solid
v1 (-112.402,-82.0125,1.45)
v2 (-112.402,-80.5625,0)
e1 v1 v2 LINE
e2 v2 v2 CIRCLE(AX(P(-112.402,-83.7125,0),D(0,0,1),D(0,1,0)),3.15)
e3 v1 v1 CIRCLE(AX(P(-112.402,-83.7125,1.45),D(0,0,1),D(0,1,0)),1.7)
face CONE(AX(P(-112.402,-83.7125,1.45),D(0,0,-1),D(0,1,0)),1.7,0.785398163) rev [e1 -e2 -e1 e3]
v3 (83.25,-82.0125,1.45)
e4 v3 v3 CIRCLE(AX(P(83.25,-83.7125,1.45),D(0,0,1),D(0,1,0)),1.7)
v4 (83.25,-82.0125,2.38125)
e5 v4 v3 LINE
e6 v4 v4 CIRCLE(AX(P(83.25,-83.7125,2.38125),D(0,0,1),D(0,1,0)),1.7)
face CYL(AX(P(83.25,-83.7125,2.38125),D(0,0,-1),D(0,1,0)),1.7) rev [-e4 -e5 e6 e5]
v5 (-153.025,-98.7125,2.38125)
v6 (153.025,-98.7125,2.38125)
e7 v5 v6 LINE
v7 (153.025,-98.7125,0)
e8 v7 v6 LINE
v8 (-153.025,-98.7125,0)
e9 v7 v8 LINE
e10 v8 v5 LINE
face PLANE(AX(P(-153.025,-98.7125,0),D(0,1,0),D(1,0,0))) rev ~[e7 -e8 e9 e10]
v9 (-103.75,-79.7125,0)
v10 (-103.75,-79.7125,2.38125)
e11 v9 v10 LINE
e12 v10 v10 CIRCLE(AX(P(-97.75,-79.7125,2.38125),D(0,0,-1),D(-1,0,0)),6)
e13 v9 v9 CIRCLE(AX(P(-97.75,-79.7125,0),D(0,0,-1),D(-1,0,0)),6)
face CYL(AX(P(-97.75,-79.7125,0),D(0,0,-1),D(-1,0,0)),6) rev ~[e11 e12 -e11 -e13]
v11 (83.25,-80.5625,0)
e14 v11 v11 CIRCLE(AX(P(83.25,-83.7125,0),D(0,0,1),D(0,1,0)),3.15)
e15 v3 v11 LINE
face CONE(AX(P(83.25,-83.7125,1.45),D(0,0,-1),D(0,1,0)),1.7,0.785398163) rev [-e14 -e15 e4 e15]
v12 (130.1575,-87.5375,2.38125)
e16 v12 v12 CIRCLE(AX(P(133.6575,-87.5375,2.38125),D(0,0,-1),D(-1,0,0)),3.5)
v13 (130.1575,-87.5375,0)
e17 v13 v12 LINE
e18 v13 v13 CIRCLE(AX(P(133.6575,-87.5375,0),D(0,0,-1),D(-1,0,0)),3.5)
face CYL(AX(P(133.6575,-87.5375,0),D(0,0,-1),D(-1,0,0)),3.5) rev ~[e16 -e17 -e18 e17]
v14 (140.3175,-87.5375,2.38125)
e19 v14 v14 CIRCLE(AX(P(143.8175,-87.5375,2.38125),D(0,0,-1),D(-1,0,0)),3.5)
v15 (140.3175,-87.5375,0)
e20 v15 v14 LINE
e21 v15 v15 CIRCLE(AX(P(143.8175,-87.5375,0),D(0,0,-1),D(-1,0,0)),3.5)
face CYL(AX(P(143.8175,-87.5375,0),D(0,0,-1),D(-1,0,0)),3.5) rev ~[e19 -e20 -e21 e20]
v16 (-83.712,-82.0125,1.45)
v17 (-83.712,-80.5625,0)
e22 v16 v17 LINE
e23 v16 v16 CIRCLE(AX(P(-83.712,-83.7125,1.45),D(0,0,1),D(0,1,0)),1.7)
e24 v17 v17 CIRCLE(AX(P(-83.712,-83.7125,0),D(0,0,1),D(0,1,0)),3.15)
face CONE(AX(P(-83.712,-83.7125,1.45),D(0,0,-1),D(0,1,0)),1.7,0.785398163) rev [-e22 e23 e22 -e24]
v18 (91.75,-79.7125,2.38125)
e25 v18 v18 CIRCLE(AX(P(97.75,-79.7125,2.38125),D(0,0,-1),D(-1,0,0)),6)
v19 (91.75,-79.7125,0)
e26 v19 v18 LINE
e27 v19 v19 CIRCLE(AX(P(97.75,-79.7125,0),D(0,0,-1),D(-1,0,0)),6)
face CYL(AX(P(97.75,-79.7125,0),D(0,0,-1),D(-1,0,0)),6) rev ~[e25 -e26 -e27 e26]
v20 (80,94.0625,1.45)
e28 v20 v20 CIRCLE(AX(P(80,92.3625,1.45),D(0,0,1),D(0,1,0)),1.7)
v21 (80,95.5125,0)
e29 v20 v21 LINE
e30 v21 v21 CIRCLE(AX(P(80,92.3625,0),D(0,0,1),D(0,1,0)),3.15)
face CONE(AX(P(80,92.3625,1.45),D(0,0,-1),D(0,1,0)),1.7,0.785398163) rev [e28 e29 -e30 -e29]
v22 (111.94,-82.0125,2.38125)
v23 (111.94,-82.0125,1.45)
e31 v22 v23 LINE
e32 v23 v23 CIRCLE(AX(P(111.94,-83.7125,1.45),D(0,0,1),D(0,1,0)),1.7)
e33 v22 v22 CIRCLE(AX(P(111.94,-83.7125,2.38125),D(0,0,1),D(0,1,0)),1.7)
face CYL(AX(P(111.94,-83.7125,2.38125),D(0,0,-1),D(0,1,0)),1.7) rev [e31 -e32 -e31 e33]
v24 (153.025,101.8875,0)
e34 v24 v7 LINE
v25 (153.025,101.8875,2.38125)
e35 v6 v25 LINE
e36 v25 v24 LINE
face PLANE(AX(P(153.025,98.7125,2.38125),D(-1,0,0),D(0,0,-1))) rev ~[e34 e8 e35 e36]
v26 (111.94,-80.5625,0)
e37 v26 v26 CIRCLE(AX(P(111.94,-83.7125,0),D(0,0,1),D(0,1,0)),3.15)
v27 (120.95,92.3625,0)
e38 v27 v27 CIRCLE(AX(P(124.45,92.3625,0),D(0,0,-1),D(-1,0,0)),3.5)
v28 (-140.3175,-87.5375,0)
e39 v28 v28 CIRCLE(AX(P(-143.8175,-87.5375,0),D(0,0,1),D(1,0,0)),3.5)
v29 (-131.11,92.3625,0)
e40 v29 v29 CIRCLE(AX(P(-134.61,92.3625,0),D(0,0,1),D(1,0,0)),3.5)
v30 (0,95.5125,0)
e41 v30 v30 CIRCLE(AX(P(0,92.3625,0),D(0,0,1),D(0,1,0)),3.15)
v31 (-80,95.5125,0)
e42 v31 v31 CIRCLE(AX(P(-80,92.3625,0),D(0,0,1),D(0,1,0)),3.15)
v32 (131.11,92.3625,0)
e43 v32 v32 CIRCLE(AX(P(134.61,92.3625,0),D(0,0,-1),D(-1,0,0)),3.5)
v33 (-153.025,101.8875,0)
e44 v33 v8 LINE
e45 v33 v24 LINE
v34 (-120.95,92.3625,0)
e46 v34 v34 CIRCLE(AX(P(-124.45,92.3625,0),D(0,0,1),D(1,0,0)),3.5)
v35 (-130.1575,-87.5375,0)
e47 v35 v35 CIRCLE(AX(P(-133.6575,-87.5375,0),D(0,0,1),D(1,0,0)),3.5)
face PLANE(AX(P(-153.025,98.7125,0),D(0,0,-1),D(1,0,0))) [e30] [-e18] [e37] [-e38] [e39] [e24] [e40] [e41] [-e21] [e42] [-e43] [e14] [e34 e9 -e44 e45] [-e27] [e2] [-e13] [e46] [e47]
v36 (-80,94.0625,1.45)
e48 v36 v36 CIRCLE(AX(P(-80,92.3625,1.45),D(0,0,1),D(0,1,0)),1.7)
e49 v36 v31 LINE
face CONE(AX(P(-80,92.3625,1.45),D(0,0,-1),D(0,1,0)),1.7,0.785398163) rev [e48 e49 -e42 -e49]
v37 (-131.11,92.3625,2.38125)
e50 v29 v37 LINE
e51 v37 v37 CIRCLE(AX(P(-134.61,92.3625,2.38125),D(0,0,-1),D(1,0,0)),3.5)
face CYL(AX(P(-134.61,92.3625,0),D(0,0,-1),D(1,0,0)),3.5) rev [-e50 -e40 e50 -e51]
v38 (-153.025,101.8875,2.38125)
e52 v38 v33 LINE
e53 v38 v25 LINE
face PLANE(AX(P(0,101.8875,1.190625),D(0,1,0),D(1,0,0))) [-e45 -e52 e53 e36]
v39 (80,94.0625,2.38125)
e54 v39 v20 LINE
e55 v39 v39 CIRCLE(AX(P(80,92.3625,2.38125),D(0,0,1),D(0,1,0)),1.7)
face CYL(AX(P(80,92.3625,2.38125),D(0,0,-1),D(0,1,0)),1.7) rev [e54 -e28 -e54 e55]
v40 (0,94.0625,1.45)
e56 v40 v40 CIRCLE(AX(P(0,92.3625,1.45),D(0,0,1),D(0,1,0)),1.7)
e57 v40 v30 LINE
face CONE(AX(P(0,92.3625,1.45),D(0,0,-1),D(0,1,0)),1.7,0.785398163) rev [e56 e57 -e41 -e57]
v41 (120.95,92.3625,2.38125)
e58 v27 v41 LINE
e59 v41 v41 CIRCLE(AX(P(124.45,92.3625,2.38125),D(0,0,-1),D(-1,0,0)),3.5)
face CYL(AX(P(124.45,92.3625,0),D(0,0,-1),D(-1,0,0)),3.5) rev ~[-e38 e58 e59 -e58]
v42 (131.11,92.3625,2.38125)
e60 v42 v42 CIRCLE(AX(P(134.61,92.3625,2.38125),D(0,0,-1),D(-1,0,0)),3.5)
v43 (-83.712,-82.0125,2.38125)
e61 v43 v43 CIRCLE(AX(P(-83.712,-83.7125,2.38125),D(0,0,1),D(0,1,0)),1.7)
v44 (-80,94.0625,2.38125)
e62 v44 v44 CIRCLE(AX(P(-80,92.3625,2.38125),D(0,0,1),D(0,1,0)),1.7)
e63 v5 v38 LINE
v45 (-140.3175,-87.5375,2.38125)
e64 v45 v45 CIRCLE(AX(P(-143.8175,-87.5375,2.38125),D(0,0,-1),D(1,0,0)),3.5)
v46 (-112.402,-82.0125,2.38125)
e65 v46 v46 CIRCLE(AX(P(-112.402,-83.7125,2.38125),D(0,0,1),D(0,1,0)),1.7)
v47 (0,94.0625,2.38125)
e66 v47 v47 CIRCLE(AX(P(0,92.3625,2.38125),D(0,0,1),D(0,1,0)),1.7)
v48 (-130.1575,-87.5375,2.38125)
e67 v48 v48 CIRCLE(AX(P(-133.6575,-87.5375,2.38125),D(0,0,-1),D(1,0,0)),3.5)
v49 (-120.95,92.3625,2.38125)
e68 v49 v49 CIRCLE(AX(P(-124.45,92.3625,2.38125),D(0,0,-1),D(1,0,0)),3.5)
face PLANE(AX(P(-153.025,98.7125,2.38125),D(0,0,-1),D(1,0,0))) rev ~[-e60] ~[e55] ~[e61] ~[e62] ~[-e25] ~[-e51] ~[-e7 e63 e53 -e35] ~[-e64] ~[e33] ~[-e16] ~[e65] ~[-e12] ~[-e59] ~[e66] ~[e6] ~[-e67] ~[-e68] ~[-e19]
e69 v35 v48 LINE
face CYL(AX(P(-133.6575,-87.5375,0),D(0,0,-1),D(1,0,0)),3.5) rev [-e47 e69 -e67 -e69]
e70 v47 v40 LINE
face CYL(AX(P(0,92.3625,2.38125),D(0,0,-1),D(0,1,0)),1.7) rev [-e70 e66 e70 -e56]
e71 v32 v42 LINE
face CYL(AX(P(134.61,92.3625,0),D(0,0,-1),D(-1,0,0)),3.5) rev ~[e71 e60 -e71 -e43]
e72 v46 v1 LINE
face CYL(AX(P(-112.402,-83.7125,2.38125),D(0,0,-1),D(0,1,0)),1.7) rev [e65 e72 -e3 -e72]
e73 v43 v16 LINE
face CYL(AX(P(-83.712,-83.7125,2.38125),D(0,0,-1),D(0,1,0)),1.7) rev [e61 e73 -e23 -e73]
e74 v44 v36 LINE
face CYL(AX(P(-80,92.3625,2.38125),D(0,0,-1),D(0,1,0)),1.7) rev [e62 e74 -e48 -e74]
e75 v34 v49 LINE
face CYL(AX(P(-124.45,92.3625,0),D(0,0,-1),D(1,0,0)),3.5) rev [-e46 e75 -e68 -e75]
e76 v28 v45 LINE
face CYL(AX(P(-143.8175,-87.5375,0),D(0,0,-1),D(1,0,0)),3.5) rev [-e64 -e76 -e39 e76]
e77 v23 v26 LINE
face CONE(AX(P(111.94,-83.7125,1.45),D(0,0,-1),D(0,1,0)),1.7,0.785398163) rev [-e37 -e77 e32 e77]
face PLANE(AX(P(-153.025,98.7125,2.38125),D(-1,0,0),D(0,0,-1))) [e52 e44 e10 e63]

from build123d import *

# Parameters (mm, degrees)
SKETCH1_W                                      = 306.05
SKETCH1_H                                      = 197.425
SKETCH1_R                                      = 10.775
BOSS_EXTRUDE1_DEPTH                            = 2.38125
SKETCH9_W                                      = 306.05
SKETCH9_H                                      = 2.38125
BOSS_EXTRUDE2_DEPTH                            = 3.175
SKETCH10_R                                     = 3.5
CUT_EXTRUDE1_DEPTH                             = 184.856965146
CSK_FOR_M3_FLAT_HEAD_MACHINE_SCREW1_AT_2_COUNT = 2
CSK_FOR_M3_FLAT_HEAD_MACHINE_SCREW1_AT_2_PITCH = 28.69
CSK_FOR_M3_FLAT_HEAD_MACHINE_SCREW1_AT_3_COUNT = 2
CSK_FOR_M3_FLAT_HEAD_MACHINE_SCREW1_AT_3_PITCH = 178.948509983
CSK_FOR_M3_FLAT_HEAD_MACHINE_SCREW1_AT_4_COUNT = 2
CSK_FOR_M3_FLAT_HEAD_MACHINE_SCREW1_AT_4_PITCH = 208.645558843
CSK_FOR_M3_FLAT_HEAD_MACHINE_SCREW1_AT_5_COUNT = 2
CSK_FOR_M3_FLAT_HEAD_MACHINE_SCREW1_AT_5_PITCH = 260.467597265
CSK_FOR_M3_FLAT_HEAD_MACHINE_SCREW1_AT_6_COUNT = 2
CSK_FOR_M3_FLAT_HEAD_MACHINE_SCREW1_AT_6_PITCH = 224.342
CSK_FOR_M3_FLAT_HEAD_MACHINE_SCREW1_AT_7_COUNT = 2
CSK_FOR_M3_FLAT_HEAD_MACHINE_SCREW1_AT_7_PITCH = 195.652
SKETCH13_R                                     = 6
CUT_EXTRUDE2_DEPTH                             = 184.856965146


with BuildPart() as part:
    # Sketch1 → Boss-Extrude1 (new body)
    # profile 1 of 5: a face of its own
    with BuildSketch(Plane.XY):
        Rectangle(SKETCH1_W, SKETCH1_H)
        with Locations((-142.25, -87.9375)):
            Circle(SKETCH1_R, mode=Mode.SUBTRACT)
        with Locations((-130.25, -64.9375)):
            Circle(SKETCH1_R, mode=Mode.SUBTRACT)
    # profile 2 of 5: a face of its own
    with BuildSketch(Plane.XY):
        with Locations((-130.25, -64.9375)):
            Circle(SKETCH1_R)
    # profile 3 of 5: a face of its own
    with BuildSketch(Plane.XY):
        with Locations((-142.25, -87.9375)):
            Circle(SKETCH1_R)
    # profile 4 of 5: a face of its own
    with BuildSketch(Plane.XY):
        with BuildLine():
            ThreePointArc((-142.25, -98.7125), (-149.869075567, -95.556575567), (-153.025, -87.9375))
            Line((-153.025, -87.9375), (-153.025, -98.7125))
            Line((-153.025, -98.7125), (-142.25, -98.7125))
        make_face()
    # profile 5 of 5: a face of its own
    with BuildSketch(Plane.XY):
        Rectangle(SKETCH1_W, SKETCH1_H)
    extrude(amount=BOSS_EXTRUDE1_DEPTH)

    # Sketch9 → Boss-Extrude2 (add)
    with BuildSketch(Plane(origin=(0, 98.7125, 0), x_dir=(1, 0, 0), z_dir=(0, 1, 0))):
        with Locations((0, -1.190625)):
            Rectangle(SKETCH9_W, SKETCH9_H)
    extrude(amount=BOSS_EXTRUDE2_DEPTH)

    # Sketch10 → Cut-Extrude1 (cut, through all)
    with BuildSketch(Plane(origin=(0, 0, 0), x_dir=(-1, 0, 0), z_dir=(0, 0, -1))):
        with Locations((-134.610000066, 92.3625)):
            Circle(SKETCH10_R)
        with Locations((-124.450000066, 92.3625)):
            Circle(SKETCH10_R)
        with Locations((-143.817500066, -87.5375001)):
            Circle(SKETCH10_R)
        with Locations((-133.657500066, -87.5375001)):
            Circle(SKETCH10_R)
    cut_extrude1 = extrude(amount=-CUT_EXTRUDE1_DEPTH, mode=Mode.SUBTRACT)

    # Mirror1: Cut-Extrude1 across plane
    add(cut_extrude1.mirror(Plane(origin=(0, 0, 0), x_dir=(0, 0, 1), z_dir=(1, 0, 0))), mode=Mode.SUBTRACT)

    # Sketch12 → CSK for M3 Flat Head Machine Screw1 (revolve, cut)
    with BuildSketch(Plane(origin=(111.94, -83.7125, 0), x_dir=(0, 1, 0), z_dir=(1, 0, 0))):
        Polygon((0, 0), (0, 2.38125), (1.7, 2.38125), (1.7, 1.45), (3.15, 0), align=None)
    csk_for_m3_flat_head_machine_screw1 = revolve(axis=Axis((111.94, -83.7125, -6.35), (0, 0, 1)), mode=Mode.SUBTRACT)

    # CSK for M3 Flat Head Machine Screw1 at 2: CSK for M3 Flat Head Machine Screw1 ×2
    with Locations(*[(-i * CSK_FOR_M3_FLAT_HEAD_MACHINE_SCREW1_AT_2_PITCH, 0, 0) for i in range(1, CSK_FOR_M3_FLAT_HEAD_MACHINE_SCREW1_AT_2_COUNT)]):
        add(csk_for_m3_flat_head_machine_screw1, mode=Mode.SUBTRACT)

    # CSK for M3 Flat Head Machine Screw1 at 3: CSK for M3 Flat Head Machine Screw1 ×2
    with Locations(*[Vector(-0.17848709666869053, 0.9839422525345589, 0) * (i * CSK_FOR_M3_FLAT_HEAD_MACHINE_SCREW1_AT_3_PITCH) for i in range(1, CSK_FOR_M3_FLAT_HEAD_MACHINE_SCREW1_AT_3_COUNT)]):
        add(csk_for_m3_flat_head_machine_screw1, mode=Mode.SUBTRACT)

    # CSK for M3 Flat Head Machine Screw1 at 4: CSK for M3 Flat Head Machine Screw1 ×2
    with Locations(*[Vector(-0.5365079449598512, 0.8438952689729675, 0) * (i * CSK_FOR_M3_FLAT_HEAD_MACHINE_SCREW1_AT_4_PITCH) for i in range(1, CSK_FOR_M3_FLAT_HEAD_MACHINE_SCREW1_AT_4_COUNT)]):
        add(csk_for_m3_flat_head_machine_screw1, mode=Mode.SUBTRACT)

    # CSK for M3 Flat Head Machine Screw1 at 5: CSK for M3 Flat Head Machine Screw1 ×2
    with Locations(*[Vector(-0.7369054808176358, 0.6759957931384847, 0) * (i * CSK_FOR_M3_FLAT_HEAD_MACHINE_SCREW1_AT_5_PITCH) for i in range(1, CSK_FOR_M3_FLAT_HEAD_MACHINE_SCREW1_AT_5_COUNT)]):
        add(csk_for_m3_flat_head_machine_screw1, mode=Mode.SUBTRACT)

    # CSK for M3 Flat Head Machine Screw1 at 6: CSK for M3 Flat Head Machine Screw1 ×2
    with Locations(*[(-i * CSK_FOR_M3_FLAT_HEAD_MACHINE_SCREW1_AT_6_PITCH, 0, 0) for i in range(1, CSK_FOR_M3_FLAT_HEAD_MACHINE_SCREW1_AT_6_COUNT)]):
        add(csk_for_m3_flat_head_machine_screw1, mode=Mode.SUBTRACT)

    # CSK for M3 Flat Head Machine Screw1 at 7: CSK for M3 Flat Head Machine Screw1 ×2
    with Locations(*[(-i * CSK_FOR_M3_FLAT_HEAD_MACHINE_SCREW1_AT_7_PITCH, 0, 0) for i in range(1, CSK_FOR_M3_FLAT_HEAD_MACHINE_SCREW1_AT_7_COUNT)]):
        add(csk_for_m3_flat_head_machine_screw1, mode=Mode.SUBTRACT)

    # Sketch13 → Cut-Extrude2 (cut, through all)
    with BuildSketch(Plane(origin=(0, 0, 0), x_dir=(-1, 0, 0), z_dir=(0, 0, -1))):
        with Locations((-97.75, -79.7125001)):
            Circle(SKETCH13_R)
        with Locations((97.75, -79.7125001)):
            Circle(SKETCH13_R)
    extrude(amount=-CUT_EXTRUDE2_DEPTH, mode=Mode.SUBTRACT)


solid = part.part
